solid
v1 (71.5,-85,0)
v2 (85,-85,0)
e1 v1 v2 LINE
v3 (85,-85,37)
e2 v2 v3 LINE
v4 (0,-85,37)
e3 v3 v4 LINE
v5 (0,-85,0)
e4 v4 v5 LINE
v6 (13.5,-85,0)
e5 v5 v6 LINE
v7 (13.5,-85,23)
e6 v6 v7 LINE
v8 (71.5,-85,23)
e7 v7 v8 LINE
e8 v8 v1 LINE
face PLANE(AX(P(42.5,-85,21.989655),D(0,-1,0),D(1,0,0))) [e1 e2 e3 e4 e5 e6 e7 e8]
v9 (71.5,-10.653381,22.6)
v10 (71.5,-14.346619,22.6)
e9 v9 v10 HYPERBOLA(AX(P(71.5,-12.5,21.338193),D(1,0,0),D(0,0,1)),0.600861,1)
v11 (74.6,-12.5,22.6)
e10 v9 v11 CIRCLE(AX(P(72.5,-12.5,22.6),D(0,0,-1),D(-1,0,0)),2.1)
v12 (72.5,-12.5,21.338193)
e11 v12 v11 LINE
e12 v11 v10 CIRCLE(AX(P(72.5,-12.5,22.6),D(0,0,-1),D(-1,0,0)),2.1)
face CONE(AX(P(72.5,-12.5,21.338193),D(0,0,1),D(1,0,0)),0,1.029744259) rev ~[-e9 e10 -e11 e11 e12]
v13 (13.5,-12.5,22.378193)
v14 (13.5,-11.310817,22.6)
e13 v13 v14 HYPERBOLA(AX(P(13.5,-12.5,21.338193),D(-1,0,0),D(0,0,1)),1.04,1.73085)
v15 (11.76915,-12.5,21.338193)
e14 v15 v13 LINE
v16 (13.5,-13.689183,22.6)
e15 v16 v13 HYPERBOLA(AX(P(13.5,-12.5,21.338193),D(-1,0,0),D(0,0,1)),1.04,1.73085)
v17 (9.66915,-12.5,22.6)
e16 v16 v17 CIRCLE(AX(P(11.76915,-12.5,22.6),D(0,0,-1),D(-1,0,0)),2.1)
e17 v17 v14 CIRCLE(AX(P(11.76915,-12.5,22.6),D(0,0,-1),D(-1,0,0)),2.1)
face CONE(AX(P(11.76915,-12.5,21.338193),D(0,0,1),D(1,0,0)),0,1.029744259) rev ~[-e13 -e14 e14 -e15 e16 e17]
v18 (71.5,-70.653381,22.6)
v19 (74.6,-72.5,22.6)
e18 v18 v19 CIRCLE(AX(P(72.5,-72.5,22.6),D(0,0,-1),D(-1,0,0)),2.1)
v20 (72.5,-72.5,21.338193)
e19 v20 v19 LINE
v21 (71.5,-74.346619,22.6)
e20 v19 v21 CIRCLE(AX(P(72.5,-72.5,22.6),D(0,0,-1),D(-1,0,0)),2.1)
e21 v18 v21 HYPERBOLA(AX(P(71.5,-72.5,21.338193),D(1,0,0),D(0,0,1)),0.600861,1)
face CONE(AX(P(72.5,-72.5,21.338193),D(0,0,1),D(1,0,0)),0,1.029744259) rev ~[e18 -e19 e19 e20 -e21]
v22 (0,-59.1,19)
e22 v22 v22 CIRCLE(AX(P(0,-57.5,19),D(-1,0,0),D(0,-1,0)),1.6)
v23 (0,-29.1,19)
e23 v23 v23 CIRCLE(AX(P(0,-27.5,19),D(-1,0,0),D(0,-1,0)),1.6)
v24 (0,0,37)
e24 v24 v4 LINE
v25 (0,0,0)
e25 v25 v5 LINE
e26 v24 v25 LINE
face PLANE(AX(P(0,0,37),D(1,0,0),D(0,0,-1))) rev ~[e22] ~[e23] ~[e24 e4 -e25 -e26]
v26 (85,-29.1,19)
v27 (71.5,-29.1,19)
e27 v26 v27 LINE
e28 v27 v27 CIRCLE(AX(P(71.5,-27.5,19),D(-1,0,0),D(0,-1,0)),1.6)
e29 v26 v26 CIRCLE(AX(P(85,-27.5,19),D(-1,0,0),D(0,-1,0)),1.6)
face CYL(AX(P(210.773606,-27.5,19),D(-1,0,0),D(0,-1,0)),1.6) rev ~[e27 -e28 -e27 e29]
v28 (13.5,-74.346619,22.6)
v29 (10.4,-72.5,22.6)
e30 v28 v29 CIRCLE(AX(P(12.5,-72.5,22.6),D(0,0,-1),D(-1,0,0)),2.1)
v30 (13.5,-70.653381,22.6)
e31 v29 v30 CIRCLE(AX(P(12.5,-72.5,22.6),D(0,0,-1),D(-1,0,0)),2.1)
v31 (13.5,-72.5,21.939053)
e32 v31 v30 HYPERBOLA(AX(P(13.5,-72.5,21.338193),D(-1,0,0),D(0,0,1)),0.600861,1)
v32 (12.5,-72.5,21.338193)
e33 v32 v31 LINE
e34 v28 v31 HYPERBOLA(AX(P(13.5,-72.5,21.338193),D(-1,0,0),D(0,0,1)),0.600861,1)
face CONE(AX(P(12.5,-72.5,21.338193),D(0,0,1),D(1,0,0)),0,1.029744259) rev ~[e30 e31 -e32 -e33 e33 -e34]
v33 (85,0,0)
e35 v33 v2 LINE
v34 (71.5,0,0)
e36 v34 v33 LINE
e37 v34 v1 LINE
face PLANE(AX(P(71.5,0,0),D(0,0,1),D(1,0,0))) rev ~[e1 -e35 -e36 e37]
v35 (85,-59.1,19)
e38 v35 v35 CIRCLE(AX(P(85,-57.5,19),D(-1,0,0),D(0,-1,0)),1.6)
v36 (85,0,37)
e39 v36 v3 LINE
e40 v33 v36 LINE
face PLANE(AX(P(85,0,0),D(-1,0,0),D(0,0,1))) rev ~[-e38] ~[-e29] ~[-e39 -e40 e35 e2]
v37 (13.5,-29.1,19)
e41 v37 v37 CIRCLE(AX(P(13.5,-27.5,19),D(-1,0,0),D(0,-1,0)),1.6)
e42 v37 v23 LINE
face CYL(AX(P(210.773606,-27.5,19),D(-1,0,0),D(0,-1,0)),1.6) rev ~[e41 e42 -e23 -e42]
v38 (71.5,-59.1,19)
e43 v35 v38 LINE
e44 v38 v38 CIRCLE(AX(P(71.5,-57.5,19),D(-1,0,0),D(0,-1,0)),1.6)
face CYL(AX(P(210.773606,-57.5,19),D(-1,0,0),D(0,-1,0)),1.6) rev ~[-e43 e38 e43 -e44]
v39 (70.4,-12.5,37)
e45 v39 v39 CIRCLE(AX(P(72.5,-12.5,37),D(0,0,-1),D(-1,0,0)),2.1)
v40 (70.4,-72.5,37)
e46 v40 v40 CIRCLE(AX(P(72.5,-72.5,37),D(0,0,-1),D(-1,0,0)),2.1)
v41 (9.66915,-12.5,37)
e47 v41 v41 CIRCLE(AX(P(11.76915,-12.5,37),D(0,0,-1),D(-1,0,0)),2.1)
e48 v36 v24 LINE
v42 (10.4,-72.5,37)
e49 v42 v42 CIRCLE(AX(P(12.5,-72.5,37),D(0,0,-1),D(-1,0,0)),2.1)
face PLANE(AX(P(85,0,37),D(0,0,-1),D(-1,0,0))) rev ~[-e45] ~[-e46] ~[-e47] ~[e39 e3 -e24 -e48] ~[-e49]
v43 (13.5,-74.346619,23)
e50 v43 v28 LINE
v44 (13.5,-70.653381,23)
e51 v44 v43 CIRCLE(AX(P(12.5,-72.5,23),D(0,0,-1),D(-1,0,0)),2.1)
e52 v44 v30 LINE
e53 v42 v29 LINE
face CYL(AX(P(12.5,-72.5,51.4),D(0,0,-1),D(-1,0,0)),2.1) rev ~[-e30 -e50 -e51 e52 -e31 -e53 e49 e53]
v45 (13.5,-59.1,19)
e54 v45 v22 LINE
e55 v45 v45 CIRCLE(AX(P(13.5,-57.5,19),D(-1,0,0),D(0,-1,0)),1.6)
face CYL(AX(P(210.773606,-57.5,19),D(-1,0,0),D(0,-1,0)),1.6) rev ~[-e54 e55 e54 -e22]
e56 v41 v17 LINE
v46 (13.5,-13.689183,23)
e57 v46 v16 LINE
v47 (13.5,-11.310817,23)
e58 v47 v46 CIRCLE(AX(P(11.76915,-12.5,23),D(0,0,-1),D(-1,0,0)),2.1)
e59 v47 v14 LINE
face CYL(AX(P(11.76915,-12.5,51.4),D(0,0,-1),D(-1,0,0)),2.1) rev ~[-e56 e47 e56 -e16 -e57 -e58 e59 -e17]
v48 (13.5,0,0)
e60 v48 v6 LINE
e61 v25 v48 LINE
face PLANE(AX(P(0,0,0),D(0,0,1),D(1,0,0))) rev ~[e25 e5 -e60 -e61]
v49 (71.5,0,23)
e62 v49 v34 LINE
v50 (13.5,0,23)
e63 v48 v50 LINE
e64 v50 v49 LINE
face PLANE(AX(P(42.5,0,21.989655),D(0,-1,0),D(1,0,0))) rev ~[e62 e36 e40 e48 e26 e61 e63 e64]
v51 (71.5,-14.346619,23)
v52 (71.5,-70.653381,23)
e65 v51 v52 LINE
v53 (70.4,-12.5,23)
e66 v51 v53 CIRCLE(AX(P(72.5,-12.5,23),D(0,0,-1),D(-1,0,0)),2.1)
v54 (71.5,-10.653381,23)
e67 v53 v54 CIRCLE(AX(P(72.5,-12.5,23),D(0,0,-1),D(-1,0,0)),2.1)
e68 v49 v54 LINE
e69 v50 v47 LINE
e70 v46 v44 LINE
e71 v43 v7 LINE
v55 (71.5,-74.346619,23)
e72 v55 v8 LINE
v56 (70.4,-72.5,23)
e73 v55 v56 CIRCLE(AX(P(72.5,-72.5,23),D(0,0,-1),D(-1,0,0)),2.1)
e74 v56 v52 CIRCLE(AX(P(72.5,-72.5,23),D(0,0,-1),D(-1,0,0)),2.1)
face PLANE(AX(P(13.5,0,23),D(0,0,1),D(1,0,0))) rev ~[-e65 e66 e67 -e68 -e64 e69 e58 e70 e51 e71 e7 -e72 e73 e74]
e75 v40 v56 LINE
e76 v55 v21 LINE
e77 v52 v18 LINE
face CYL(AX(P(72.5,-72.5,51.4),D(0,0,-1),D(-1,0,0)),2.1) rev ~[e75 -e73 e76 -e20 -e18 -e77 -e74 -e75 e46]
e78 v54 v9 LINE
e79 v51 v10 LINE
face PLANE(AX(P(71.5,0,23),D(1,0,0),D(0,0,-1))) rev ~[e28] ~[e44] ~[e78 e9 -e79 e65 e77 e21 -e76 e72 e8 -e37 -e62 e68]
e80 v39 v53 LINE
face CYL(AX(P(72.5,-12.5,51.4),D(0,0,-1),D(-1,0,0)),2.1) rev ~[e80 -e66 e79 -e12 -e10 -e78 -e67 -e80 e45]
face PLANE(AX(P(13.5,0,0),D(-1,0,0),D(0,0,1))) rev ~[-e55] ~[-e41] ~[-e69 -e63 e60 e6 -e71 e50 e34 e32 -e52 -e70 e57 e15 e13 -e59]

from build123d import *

# Parameters (mm, degrees)
F1_DEPTH = 85
F3_D     = 4.2
F3_DEPTH = 14.4
F3_TIP   = 1.2618073
F5_D     = 3.2


with BuildPart() as f1:
    # F0 (on Front) → F1 (new body)
    with BuildSketch(Plane.XZ):
        Polygon((0, 37), (0, 0), (13.5, 0), (13.5, 23), (71.5, 23), (71.5, 0), (85, 0), (85, 37), align=None)
    extrude(amount=F1_DEPTH)

    # F3
    with Locations(Plane.XY.offset(37)):
        with Locations((11.7691496318, -12.5), (72.5, -12.5), (72.5, -72.5), (12.5, -72.5)):
            Hole(F3_D / 2, depth=F3_DEPTH)
            with Locations((0, 0, -(F3_DEPTH + F3_TIP / 2))):  # 118° drill point
                Cone(0, F3_D / 2, F3_TIP, mode=Mode.SUBTRACT)

    # F5 (through all)
    with Locations(Plane.YZ.offset(85)):
        with Locations((-57.5, 19), (-27.5, 19)):
            Hole(F5_D / 2)


solid = f1.part
